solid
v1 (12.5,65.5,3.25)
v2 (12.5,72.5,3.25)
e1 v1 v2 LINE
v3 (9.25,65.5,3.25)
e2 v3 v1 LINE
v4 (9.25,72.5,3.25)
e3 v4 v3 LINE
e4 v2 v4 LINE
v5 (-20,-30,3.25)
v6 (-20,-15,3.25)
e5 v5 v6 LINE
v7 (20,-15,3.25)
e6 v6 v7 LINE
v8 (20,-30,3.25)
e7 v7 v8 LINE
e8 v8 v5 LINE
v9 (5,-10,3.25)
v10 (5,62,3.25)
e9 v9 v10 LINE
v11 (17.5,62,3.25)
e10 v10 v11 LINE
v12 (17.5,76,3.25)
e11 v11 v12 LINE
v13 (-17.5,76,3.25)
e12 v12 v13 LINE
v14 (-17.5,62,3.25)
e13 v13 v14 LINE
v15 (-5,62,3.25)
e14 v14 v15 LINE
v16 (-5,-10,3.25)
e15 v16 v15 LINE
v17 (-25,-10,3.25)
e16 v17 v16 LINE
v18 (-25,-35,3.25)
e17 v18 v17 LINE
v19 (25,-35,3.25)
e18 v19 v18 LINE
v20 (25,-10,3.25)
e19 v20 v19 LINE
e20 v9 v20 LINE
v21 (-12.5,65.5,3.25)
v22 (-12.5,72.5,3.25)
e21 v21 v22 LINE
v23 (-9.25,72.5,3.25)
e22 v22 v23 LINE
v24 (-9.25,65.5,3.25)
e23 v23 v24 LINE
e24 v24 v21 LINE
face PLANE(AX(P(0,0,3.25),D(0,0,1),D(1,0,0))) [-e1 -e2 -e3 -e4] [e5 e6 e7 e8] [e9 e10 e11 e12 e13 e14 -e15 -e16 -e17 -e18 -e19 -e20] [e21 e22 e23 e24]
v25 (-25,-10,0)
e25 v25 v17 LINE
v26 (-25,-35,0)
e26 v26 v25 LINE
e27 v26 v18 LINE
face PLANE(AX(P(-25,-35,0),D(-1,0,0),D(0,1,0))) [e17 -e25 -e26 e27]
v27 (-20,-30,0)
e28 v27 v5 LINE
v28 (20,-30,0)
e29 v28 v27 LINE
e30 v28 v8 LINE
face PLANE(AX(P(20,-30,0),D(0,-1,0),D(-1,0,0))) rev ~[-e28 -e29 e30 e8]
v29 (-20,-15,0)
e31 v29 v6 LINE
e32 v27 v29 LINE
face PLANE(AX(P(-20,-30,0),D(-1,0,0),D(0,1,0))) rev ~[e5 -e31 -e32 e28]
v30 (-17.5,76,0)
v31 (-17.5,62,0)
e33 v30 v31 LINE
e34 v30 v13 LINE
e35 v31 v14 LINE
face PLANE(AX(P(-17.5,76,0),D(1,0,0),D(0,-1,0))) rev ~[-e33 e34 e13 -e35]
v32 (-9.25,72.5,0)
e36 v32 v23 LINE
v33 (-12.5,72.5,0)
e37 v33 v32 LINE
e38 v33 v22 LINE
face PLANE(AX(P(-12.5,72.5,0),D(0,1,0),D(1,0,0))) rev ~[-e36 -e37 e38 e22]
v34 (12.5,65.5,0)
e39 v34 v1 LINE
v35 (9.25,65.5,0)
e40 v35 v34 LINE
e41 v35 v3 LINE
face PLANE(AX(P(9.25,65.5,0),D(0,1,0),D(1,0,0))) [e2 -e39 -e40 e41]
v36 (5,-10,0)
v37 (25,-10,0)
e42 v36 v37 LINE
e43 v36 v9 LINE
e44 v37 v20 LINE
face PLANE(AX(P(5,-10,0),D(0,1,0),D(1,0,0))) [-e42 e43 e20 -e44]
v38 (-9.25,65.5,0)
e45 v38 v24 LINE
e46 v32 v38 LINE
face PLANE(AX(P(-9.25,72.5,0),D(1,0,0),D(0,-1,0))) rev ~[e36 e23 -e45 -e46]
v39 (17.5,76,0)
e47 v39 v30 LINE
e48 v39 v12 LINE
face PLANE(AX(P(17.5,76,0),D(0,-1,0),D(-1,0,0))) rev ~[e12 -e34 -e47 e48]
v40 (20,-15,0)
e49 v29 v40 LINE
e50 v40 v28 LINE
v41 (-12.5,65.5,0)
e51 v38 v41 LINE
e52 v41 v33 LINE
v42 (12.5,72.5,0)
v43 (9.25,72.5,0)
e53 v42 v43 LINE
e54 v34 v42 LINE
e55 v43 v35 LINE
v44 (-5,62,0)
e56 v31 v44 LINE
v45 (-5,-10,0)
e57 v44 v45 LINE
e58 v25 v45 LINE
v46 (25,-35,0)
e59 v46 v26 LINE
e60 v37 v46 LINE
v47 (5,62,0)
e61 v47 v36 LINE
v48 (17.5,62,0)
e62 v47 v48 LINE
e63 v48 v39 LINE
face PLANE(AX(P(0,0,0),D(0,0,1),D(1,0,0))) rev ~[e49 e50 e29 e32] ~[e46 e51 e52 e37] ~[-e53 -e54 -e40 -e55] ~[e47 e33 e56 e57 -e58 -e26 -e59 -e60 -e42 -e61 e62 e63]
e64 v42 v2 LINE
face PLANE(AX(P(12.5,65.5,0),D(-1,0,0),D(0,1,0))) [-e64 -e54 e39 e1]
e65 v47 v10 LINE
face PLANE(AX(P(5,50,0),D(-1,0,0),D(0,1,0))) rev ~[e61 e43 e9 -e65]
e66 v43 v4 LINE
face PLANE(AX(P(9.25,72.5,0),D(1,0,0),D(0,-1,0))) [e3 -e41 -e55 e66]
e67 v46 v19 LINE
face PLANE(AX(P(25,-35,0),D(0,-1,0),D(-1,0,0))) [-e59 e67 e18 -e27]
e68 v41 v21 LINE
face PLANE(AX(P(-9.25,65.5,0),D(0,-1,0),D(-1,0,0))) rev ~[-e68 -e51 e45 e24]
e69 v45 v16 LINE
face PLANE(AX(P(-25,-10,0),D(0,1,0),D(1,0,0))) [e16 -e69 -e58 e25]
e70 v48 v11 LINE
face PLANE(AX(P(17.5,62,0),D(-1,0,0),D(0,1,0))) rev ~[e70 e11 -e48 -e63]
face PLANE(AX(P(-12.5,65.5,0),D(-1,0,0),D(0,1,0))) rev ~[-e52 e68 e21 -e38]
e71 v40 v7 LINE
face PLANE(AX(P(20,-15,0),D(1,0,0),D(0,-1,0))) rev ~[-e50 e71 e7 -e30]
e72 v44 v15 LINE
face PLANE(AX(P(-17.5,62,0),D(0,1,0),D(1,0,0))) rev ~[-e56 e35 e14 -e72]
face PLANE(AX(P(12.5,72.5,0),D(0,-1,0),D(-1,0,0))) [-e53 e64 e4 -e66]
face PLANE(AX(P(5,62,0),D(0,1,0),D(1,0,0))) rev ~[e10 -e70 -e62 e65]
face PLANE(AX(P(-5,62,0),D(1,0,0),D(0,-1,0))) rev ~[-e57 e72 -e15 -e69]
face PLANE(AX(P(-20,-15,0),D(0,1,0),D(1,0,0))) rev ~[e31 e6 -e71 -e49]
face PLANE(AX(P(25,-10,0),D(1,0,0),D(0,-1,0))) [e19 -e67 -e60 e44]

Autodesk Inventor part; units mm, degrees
ref_plane "YZ Plane" through (0, 0, 0) normal (1, 0, 0) x (0, 1, 0)
ref_plane "XZ Plane" through (0, 0, 0) normal (0, 1, 0) x (-1, 0, 0)
ref_plane "XY Plane" through (0, 0, 0) normal (0, 0, 1) x (1, 0, 0)
sketch "Sketch1" plane through (0, 0, 0) normal (0, 0, 1) x (1, 0, 0)
  line L0 (-50, 50) -> (50, 50)
  line L1 (50, 50) -> (50, -50)
  line L2 (50, -50) -> (-50, -50)
  line L3 (-50, -50) -> (-50, 50)
  line L4 (-92.7646, -8.503) -> (-89.7646, -8.503)
  line L5 (-89.7646, -8.503) -> (-89.7646, -11.753)
  line L6 (-89.7646, -11.753) -> (-92.7646, -11.753)
  line L7 (-92.7646, -11.753) -> (-92.7646, -8.503)
  line L8 (-92.7646, -21.6527) -> (-89.7646, -21.6527)
  line L9 (-89.7646, -21.6527) -> (-89.7646, -21.7527)
  line L10 (-89.7646, -21.7527) -> (-92.7646, -21.7527)
  line L11 (-92.7646, -21.7527) -> (-92.7646, -21.6527)
  line L12 (-50, 50) -> (-46.75, 50)
  line L13 (-46.75, 50) -> (-46.75, 36)
  line L14 (-46.75, 36) -> (-50, 36)
  line L15 (-50, 36) -> (-50, 50)
  line L16 (0, 50) -> (0, -50) construction
  line L17 (-50, 0) -> (50, 0) construction
  line L18 (50, 50) -> (46.75, 50)
  line L19 (46.75, 50) -> (46.75, 36)
  line L20 (46.75, 36) -> (50, 36)
  line L21 (50, 36) -> (50, 50)
  line L22 (-50, -50) -> (-46.75, -50)
  line L23 (-46.75, -50) -> (-46.75, -36)
  line L24 (-46.75, -36) -> (-50, -36)
  line L25 (-50, -36) -> (-50, -50)
  line L26 (46.75, -50) -> (46.75, -36)
  line L27 (46.75, -36) -> (50, -36)
  line L28 (50, -36) -> (50, -50)
  line L29 (50, -50) -> (46.75, -50)
  line L30 (-40, 40) -> (-10, 40)
  line L31 (-10, 40) -> (-10, 0)
  line L32 (-10, 0) -> (-40, 0)
  line L33 (-40, 0) -> (-40, 40)
  line L34 (40, 40) -> (10, 40)
  line L35 (10, 40) -> (10, 0)
  line L36 (10, 0) -> (40, 0)
  line L37 (40, 0) -> (40, 40)
  line L38 (-10, 50) -> (-6.75, 50)
  line L39 (-6.75, 50) -> (-6.75, 42)
  line L40 (-6.75, 42) -> (-10, 42)
  line L41 (-10, 42) -> (-10, 50)
  line L42 (10, 50) -> (6.75, 50)
  line L43 (6.75, 50) -> (6.75, 42)
  line L44 (6.75, 42) -> (10, 42)
  line L45 (10, 42) -> (10, 50)
  line L46 (-25, 0) -> (-25, 40) construction
  line L47 (-40, 50) -> (-43.25, 50)
  line L48 (-43.25, 50) -> (-43.25, 42)
  line L49 (-43.25, 42) -> (-40, 42)
  line L50 (-40, 42) -> (-40, 50)
  line L51 (43.25, 42) -> (40, 42)
  line L52 (43.25, 50) -> (43.25, 42)
  line L53 (40, 50) -> (43.25, 50)
  line L54 (40, 42) -> (40, 50)
  line L55 (-20, -15) -> (20, -15)
  line L56 (20, -15) -> (20, -30)
  line L57 (20, -30) -> (-20, -30)
  line L58 (-20, -30) -> (-20, -15)
  line L59 (-25, -10) -> (25, -10)
  line L60 (25, -10) -> (25, -35)
  line L61 (25, -35) -> (-25, -35)
  line L62 (-25, -35) -> (-25, -10)
  line L63 (0, -15) -> (0, -30) construction
  line L64 (-5, -10) -> (5, -10)
  line L65 (5, -10) -> (5, 62)
  line L66 (5, 62) -> (-5, 62)
  line L67 (-5, 62) -> (-5, -10)
  line L68 (0, 62) -> (0, -10) construction
  line L69 (-17.5, 62) -> (17.5, 62)
  line L70 (17.5, 62) -> (17.5, 76)
  line L71 (17.5, 76) -> (-17.5, 76)
  line L72 (-17.5, 76) -> (-17.5, 62)
  line L73 (0, 76) -> (0, 62) construction
  line L74 (-20, -22.5) -> (20, -22.5) construction
  line L75 (-12.5, 72.5) -> (-9.25, 72.5)
  line L76 (-9.25, 72.5) -> (-9.25, 65.5)
  line L77 (-9.25, 65.5) -> (-12.5, 65.5)
  line L78 (-12.5, 65.5) -> (-12.5, 72.5)
  line L79 (-12.5, 69) -> (-9.25, 69) construction
  line L80 (12.5, 72.5) -> (9.25, 72.5)
  line L81 (9.25, 72.5) -> (9.25, 65.5)
  line L82 (9.25, 65.5) -> (12.5, 65.5)
  line L83 (12.5, 65.5) -> (12.5, 72.5)
  line L84 (12.5, 69) -> (9.25, 69) construction
  point P0 (0, 0)
  dimension "d0" = 100
  dimension "d2" = 100
  dimension "d3" = 3
  dimension "mat" = 3.25
  dimension "d5" = 3
  dimension "kerf" = 0.1
  dimension "d7" = 3.25
  dimension "d8" = 14
  dimension "d9" = 30
  dimension "d10" = 40
  dimension "d11" = 10
  dimension "d12" = 10
  dimension "d15" = 3.25
  dimension "d16" = 8
  dimension "d17" = 0
  dimension "d22" = 40
  dimension "d23" = 15
  dimension "d24" = 5
  dimension "d25" = 5
  dimension "d26" = 5
  dimension "d27" = 5
  dimension "d28" = 15
  dimension "d29" = 72
  dimension "d30" = 14
  dimension "d31" = 10
  dimension "d32" = 35
  dimension "d35" = 27.5
  dimension "d36" = 3.25
  dimension "d37" = 7
  dimension "d38" = 7
  dimension "d39" = 5
extrude "Extrusion4" add sketch "Sketch1" along normal blind 3.25 contours L67 L66 L65 L0 | L0 L65 L59 L67 | L69 L72 L71 L70 L66 | L59 L60 L61 L62 | L75 L76 L77 L78 | L83 L82 L81 L80
extrude "Extrusion5" cut sketch "Sketch1" along normal blind 3.25 contours L75 L76 L77 L78 | L83 L82 L81 L80
equation "\"d7\" = mat"
equation "\"d15\" = mat"
equation "\"d36\" = mat"
equation "\"d33\" = mat"
equation "\"d40\" = mat"
properties part number "body-back"
